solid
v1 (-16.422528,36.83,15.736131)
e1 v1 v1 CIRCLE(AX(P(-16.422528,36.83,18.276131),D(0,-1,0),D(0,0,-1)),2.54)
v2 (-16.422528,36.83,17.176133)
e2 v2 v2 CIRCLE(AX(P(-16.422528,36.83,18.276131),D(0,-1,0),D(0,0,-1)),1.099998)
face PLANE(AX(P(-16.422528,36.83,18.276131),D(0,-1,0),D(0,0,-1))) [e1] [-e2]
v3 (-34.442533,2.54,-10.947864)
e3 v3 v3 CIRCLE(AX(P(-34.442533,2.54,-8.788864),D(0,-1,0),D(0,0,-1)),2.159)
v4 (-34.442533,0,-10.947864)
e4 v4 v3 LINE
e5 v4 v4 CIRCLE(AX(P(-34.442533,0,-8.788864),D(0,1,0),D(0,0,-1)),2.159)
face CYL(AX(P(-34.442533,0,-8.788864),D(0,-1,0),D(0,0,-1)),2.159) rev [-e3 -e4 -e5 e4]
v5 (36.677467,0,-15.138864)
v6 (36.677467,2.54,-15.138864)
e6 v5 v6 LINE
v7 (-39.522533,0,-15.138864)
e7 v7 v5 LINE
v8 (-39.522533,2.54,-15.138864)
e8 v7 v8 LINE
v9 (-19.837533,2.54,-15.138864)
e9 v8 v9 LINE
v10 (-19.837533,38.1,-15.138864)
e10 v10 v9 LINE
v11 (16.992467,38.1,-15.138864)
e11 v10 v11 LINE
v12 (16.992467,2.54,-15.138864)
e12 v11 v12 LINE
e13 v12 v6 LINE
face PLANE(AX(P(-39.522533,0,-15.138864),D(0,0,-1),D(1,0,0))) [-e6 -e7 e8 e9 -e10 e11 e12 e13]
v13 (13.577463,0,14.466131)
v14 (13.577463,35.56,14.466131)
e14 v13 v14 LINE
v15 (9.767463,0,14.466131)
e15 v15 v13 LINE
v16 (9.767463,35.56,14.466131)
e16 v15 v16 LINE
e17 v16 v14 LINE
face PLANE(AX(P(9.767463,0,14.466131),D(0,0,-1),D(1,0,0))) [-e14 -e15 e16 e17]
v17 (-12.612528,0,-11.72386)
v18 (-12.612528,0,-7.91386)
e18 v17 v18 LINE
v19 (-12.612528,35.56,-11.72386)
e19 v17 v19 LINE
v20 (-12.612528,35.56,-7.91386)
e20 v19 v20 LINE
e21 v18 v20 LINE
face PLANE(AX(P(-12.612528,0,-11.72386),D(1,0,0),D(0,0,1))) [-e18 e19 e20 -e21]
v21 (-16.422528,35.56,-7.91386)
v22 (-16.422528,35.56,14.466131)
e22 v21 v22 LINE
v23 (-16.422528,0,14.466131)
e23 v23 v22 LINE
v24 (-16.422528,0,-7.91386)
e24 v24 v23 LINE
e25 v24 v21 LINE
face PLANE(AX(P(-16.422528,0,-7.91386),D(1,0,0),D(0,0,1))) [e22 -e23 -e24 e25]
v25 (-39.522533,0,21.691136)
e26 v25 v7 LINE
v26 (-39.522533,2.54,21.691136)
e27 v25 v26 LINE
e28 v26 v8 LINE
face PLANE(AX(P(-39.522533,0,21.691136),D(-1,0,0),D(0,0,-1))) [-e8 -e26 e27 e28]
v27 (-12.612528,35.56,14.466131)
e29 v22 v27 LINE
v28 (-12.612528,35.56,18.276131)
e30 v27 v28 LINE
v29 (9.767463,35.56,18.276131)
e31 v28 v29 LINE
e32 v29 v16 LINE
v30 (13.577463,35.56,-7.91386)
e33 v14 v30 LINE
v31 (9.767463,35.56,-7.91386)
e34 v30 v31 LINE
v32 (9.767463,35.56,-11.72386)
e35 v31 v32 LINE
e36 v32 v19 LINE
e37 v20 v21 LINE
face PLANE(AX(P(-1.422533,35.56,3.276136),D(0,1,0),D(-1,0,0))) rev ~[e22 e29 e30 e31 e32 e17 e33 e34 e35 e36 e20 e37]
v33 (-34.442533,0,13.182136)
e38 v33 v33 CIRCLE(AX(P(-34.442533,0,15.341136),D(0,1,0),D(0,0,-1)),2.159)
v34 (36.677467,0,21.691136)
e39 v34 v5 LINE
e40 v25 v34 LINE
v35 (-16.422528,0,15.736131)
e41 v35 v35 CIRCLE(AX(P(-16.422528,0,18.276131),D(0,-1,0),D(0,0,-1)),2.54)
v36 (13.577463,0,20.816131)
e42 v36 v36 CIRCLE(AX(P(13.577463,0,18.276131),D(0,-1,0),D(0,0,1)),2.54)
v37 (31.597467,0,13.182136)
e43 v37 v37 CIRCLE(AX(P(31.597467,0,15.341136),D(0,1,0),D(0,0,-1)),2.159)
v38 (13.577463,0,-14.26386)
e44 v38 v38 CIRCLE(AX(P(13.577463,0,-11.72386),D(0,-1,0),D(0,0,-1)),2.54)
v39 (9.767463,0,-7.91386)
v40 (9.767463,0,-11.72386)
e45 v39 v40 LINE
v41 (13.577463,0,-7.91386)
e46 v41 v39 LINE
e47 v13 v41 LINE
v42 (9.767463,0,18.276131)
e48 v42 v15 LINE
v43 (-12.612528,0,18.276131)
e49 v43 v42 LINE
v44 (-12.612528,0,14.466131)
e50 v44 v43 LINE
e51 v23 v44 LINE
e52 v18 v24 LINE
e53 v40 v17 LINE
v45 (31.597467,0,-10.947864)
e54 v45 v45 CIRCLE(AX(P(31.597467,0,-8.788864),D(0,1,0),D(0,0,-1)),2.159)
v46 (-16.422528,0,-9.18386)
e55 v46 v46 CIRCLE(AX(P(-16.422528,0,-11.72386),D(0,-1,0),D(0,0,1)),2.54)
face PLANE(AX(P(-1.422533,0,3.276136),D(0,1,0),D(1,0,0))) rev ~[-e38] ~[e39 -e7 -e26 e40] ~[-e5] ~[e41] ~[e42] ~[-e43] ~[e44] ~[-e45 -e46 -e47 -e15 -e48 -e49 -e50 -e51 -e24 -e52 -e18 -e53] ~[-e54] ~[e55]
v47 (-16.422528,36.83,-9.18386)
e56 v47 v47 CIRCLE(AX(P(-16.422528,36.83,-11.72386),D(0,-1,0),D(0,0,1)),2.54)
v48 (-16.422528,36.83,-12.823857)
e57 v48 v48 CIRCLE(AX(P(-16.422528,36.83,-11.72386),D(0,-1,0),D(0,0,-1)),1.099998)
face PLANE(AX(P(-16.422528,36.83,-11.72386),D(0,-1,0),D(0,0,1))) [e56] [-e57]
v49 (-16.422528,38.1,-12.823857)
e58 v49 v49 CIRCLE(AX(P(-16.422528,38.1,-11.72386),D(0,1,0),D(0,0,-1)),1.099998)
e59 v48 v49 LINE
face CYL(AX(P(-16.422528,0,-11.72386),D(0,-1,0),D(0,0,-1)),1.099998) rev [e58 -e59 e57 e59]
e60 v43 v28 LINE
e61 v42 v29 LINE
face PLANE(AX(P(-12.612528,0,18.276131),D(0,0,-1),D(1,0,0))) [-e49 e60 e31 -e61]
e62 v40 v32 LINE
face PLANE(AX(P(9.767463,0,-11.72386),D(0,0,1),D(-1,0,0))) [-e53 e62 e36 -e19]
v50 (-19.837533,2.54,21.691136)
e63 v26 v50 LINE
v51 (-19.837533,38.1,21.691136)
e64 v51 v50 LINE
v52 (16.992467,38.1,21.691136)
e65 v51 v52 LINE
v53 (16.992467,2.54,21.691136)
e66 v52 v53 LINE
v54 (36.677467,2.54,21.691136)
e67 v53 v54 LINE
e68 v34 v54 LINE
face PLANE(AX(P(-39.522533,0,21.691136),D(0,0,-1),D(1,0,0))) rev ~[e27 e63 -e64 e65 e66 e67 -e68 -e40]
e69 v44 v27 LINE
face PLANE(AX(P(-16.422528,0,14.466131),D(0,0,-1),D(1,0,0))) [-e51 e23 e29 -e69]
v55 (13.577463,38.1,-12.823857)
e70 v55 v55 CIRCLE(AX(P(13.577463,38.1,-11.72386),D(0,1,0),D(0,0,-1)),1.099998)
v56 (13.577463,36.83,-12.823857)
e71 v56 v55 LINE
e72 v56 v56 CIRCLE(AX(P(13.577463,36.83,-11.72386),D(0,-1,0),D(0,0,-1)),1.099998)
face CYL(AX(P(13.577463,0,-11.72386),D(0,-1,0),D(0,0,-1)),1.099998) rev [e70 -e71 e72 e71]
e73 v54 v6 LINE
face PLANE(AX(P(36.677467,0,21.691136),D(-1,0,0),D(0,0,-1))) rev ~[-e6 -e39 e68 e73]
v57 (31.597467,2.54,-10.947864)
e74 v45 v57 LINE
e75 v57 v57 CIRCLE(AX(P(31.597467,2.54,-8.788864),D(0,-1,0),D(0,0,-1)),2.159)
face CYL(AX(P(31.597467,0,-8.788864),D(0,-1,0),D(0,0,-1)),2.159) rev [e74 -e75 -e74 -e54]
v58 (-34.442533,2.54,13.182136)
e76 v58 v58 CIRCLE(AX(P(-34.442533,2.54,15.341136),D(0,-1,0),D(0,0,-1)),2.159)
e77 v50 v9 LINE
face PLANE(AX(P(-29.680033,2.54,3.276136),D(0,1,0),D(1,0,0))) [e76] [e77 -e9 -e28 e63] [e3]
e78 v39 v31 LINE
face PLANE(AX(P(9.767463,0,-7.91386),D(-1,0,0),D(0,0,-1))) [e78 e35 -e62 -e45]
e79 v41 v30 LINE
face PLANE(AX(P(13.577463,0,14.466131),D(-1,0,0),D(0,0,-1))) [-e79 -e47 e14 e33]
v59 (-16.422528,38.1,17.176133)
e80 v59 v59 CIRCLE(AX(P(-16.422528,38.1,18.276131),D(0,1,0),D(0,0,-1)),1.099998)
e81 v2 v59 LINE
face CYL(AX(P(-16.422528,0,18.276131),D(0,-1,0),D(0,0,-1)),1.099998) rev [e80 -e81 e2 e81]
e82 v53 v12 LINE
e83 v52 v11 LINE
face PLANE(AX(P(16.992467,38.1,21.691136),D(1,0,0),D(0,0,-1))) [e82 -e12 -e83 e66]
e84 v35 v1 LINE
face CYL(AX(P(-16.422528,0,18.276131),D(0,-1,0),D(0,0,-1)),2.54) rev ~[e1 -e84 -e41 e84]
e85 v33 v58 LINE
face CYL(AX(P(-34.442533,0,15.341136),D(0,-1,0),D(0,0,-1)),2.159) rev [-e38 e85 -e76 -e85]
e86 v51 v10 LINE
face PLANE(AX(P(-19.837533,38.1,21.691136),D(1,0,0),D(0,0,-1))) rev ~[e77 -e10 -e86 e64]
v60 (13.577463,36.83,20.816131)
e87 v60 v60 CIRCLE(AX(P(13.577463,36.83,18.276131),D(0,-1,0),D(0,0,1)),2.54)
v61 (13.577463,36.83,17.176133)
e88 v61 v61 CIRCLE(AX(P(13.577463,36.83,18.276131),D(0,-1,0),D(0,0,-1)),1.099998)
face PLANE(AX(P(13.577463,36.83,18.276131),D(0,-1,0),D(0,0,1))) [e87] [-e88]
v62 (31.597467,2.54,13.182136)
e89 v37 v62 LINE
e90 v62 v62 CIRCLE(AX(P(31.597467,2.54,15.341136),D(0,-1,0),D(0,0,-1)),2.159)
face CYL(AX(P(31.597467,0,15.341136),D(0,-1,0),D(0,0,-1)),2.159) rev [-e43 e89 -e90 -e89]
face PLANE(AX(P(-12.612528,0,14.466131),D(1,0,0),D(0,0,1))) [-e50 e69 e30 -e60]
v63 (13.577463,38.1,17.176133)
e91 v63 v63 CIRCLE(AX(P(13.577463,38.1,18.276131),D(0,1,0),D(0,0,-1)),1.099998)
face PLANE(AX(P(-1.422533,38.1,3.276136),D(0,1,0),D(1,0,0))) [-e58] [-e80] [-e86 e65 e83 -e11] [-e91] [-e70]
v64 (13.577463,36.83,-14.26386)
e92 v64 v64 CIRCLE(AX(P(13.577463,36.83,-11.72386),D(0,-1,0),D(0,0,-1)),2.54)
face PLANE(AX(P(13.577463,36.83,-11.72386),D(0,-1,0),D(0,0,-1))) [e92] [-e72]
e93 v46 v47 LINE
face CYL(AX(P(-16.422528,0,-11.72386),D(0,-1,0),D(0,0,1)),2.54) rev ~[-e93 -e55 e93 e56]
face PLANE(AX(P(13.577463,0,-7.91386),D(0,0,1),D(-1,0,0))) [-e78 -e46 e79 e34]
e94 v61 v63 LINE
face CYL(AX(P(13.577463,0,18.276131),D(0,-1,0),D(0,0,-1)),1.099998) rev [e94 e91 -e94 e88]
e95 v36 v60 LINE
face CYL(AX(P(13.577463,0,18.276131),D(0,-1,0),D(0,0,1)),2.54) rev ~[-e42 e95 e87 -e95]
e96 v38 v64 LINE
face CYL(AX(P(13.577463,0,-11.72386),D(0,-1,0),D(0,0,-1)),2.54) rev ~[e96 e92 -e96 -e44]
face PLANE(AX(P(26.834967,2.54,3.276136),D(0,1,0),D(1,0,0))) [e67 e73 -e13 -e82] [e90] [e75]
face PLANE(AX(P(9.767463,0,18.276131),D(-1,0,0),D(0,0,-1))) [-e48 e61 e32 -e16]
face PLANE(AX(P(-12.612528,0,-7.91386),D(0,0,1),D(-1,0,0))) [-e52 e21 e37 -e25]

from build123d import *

# Parameters (mm, degrees)
SKETCH1_W           = 76.2
SKETCH1_H           = 36.83
SKETCH1_R           = 1.0999978
SKETCH1_R_2         = 2.159
BOSS_EXTRUDE1_DEPTH = 38.1
SKETCH3_R           = 2.54
CUT_EXTRUDE2_DEPTH  = 36.83
SKETCH4_W           = 19.685
SKETCH4_H           = 36.83
CUT_EXTRUDE3_DEPTH  = 35.56
CUT_EXTRUDE4_DEPTH  = 35.56


with BuildPart() as part:
    # Sketch1 → Boss-Extrude1 (new body)
    with BuildSketch(Plane(origin=(0, 0, 0), x_dir=(1, 0, 0), z_dir=(0, 1, 0))):
        with Locations((-1.422532637, -3.27613577)):
            Rectangle(SKETCH1_W, SKETCH1_H)
        with Locations(Location((-16.422528037, 11.72385963, 0), (0, 0, 90))):
            Circle(SKETCH1_R, mode=Mode.SUBTRACT)
        with Locations(Location((13.577462763, 11.72385963, 0), (0, 0, 90))):
            Circle(SKETCH1_R, mode=Mode.SUBTRACT)
        with Locations(Location((13.577462763, -18.27613117, 0), (0, 0, 90))):
            Circle(SKETCH1_R, mode=Mode.SUBTRACT)
        with Locations(Location((-16.422528037, -18.27613117, 0), (0, 0, 90))):
            Circle(SKETCH1_R, mode=Mode.SUBTRACT)
        with Locations(Location((31.597467363, -15.34113577, 0), (0, 0, 90))):
            Circle(SKETCH1_R_2, mode=Mode.SUBTRACT)
        with Locations(Location((31.597467363, 8.78886423, 0), (0, 0, 90))):
            Circle(SKETCH1_R_2, mode=Mode.SUBTRACT)
        with Locations(Location((-34.442532637, -15.34113577, 0), (0, 0, 90))):
            Circle(SKETCH1_R_2, mode=Mode.SUBTRACT)
        with Locations(Location((-34.442532637, 8.78886423, 0), (0, 0, 90))):
            Circle(SKETCH1_R_2, mode=Mode.SUBTRACT)
    extrude(amount=BOSS_EXTRUDE1_DEPTH)

    # Sketch3 → Cut-Extrude2 (cut)
    with BuildSketch(Plane.XZ):
        with Locations(Location((-16.422528037, 18.27613117, 0), (0, 0, 270))):
            Circle(SKETCH3_R)
        with Locations(Location((13.577462763, 18.27613117, 0), (0, 0, 90))):
            Circle(SKETCH3_R)
        with Locations(Location((13.577462763, -11.72385963, 0), (0, 0, 270))):
            Circle(SKETCH3_R)
        with Locations(Location((-16.422528037, -11.72385963, 0), (0, 0, 90))):
            Circle(SKETCH3_R)
    extrude(amount=-CUT_EXTRUDE2_DEPTH, mode=Mode.SUBTRACT)

    # Sketch4 → Cut-Extrude3 (cut)
    with BuildSketch(Plane(origin=(0, 38.1, 0), x_dir=(1, 0, 0), z_dir=(0, 1, 0))):
        with Locations((-29.680032637, -3.27613577)):
            Rectangle(SKETCH4_W, SKETCH4_H)
        with Locations((26.834967363, -3.27613577)):
            Rectangle(SKETCH4_W, SKETCH4_H)
    extrude(amount=-CUT_EXTRUDE3_DEPTH, mode=Mode.SUBTRACT)

    # Sketch5 → Cut-Extrude4 (cut)
    with BuildSketch(Plane.XZ):
        Polygon((9.767462763, -7.91385963), (9.767462763, -11.72385963), (-12.612528037, -11.72385963), (-12.612528037, -7.91385963), (-16.422528037, -7.91385963), (-16.422528037, 14.46613117), (-12.612528037, 14.46613117), (-12.612528037, 18.27613117), (9.767462763, 18.27613117), (9.767462763, 14.46613117), (13.577462763, 14.46613117), (13.577462763, -7.91385963), align=None)
    extrude(amount=-CUT_EXTRUDE4_DEPTH, mode=Mode.SUBTRACT)


solid = part.part
